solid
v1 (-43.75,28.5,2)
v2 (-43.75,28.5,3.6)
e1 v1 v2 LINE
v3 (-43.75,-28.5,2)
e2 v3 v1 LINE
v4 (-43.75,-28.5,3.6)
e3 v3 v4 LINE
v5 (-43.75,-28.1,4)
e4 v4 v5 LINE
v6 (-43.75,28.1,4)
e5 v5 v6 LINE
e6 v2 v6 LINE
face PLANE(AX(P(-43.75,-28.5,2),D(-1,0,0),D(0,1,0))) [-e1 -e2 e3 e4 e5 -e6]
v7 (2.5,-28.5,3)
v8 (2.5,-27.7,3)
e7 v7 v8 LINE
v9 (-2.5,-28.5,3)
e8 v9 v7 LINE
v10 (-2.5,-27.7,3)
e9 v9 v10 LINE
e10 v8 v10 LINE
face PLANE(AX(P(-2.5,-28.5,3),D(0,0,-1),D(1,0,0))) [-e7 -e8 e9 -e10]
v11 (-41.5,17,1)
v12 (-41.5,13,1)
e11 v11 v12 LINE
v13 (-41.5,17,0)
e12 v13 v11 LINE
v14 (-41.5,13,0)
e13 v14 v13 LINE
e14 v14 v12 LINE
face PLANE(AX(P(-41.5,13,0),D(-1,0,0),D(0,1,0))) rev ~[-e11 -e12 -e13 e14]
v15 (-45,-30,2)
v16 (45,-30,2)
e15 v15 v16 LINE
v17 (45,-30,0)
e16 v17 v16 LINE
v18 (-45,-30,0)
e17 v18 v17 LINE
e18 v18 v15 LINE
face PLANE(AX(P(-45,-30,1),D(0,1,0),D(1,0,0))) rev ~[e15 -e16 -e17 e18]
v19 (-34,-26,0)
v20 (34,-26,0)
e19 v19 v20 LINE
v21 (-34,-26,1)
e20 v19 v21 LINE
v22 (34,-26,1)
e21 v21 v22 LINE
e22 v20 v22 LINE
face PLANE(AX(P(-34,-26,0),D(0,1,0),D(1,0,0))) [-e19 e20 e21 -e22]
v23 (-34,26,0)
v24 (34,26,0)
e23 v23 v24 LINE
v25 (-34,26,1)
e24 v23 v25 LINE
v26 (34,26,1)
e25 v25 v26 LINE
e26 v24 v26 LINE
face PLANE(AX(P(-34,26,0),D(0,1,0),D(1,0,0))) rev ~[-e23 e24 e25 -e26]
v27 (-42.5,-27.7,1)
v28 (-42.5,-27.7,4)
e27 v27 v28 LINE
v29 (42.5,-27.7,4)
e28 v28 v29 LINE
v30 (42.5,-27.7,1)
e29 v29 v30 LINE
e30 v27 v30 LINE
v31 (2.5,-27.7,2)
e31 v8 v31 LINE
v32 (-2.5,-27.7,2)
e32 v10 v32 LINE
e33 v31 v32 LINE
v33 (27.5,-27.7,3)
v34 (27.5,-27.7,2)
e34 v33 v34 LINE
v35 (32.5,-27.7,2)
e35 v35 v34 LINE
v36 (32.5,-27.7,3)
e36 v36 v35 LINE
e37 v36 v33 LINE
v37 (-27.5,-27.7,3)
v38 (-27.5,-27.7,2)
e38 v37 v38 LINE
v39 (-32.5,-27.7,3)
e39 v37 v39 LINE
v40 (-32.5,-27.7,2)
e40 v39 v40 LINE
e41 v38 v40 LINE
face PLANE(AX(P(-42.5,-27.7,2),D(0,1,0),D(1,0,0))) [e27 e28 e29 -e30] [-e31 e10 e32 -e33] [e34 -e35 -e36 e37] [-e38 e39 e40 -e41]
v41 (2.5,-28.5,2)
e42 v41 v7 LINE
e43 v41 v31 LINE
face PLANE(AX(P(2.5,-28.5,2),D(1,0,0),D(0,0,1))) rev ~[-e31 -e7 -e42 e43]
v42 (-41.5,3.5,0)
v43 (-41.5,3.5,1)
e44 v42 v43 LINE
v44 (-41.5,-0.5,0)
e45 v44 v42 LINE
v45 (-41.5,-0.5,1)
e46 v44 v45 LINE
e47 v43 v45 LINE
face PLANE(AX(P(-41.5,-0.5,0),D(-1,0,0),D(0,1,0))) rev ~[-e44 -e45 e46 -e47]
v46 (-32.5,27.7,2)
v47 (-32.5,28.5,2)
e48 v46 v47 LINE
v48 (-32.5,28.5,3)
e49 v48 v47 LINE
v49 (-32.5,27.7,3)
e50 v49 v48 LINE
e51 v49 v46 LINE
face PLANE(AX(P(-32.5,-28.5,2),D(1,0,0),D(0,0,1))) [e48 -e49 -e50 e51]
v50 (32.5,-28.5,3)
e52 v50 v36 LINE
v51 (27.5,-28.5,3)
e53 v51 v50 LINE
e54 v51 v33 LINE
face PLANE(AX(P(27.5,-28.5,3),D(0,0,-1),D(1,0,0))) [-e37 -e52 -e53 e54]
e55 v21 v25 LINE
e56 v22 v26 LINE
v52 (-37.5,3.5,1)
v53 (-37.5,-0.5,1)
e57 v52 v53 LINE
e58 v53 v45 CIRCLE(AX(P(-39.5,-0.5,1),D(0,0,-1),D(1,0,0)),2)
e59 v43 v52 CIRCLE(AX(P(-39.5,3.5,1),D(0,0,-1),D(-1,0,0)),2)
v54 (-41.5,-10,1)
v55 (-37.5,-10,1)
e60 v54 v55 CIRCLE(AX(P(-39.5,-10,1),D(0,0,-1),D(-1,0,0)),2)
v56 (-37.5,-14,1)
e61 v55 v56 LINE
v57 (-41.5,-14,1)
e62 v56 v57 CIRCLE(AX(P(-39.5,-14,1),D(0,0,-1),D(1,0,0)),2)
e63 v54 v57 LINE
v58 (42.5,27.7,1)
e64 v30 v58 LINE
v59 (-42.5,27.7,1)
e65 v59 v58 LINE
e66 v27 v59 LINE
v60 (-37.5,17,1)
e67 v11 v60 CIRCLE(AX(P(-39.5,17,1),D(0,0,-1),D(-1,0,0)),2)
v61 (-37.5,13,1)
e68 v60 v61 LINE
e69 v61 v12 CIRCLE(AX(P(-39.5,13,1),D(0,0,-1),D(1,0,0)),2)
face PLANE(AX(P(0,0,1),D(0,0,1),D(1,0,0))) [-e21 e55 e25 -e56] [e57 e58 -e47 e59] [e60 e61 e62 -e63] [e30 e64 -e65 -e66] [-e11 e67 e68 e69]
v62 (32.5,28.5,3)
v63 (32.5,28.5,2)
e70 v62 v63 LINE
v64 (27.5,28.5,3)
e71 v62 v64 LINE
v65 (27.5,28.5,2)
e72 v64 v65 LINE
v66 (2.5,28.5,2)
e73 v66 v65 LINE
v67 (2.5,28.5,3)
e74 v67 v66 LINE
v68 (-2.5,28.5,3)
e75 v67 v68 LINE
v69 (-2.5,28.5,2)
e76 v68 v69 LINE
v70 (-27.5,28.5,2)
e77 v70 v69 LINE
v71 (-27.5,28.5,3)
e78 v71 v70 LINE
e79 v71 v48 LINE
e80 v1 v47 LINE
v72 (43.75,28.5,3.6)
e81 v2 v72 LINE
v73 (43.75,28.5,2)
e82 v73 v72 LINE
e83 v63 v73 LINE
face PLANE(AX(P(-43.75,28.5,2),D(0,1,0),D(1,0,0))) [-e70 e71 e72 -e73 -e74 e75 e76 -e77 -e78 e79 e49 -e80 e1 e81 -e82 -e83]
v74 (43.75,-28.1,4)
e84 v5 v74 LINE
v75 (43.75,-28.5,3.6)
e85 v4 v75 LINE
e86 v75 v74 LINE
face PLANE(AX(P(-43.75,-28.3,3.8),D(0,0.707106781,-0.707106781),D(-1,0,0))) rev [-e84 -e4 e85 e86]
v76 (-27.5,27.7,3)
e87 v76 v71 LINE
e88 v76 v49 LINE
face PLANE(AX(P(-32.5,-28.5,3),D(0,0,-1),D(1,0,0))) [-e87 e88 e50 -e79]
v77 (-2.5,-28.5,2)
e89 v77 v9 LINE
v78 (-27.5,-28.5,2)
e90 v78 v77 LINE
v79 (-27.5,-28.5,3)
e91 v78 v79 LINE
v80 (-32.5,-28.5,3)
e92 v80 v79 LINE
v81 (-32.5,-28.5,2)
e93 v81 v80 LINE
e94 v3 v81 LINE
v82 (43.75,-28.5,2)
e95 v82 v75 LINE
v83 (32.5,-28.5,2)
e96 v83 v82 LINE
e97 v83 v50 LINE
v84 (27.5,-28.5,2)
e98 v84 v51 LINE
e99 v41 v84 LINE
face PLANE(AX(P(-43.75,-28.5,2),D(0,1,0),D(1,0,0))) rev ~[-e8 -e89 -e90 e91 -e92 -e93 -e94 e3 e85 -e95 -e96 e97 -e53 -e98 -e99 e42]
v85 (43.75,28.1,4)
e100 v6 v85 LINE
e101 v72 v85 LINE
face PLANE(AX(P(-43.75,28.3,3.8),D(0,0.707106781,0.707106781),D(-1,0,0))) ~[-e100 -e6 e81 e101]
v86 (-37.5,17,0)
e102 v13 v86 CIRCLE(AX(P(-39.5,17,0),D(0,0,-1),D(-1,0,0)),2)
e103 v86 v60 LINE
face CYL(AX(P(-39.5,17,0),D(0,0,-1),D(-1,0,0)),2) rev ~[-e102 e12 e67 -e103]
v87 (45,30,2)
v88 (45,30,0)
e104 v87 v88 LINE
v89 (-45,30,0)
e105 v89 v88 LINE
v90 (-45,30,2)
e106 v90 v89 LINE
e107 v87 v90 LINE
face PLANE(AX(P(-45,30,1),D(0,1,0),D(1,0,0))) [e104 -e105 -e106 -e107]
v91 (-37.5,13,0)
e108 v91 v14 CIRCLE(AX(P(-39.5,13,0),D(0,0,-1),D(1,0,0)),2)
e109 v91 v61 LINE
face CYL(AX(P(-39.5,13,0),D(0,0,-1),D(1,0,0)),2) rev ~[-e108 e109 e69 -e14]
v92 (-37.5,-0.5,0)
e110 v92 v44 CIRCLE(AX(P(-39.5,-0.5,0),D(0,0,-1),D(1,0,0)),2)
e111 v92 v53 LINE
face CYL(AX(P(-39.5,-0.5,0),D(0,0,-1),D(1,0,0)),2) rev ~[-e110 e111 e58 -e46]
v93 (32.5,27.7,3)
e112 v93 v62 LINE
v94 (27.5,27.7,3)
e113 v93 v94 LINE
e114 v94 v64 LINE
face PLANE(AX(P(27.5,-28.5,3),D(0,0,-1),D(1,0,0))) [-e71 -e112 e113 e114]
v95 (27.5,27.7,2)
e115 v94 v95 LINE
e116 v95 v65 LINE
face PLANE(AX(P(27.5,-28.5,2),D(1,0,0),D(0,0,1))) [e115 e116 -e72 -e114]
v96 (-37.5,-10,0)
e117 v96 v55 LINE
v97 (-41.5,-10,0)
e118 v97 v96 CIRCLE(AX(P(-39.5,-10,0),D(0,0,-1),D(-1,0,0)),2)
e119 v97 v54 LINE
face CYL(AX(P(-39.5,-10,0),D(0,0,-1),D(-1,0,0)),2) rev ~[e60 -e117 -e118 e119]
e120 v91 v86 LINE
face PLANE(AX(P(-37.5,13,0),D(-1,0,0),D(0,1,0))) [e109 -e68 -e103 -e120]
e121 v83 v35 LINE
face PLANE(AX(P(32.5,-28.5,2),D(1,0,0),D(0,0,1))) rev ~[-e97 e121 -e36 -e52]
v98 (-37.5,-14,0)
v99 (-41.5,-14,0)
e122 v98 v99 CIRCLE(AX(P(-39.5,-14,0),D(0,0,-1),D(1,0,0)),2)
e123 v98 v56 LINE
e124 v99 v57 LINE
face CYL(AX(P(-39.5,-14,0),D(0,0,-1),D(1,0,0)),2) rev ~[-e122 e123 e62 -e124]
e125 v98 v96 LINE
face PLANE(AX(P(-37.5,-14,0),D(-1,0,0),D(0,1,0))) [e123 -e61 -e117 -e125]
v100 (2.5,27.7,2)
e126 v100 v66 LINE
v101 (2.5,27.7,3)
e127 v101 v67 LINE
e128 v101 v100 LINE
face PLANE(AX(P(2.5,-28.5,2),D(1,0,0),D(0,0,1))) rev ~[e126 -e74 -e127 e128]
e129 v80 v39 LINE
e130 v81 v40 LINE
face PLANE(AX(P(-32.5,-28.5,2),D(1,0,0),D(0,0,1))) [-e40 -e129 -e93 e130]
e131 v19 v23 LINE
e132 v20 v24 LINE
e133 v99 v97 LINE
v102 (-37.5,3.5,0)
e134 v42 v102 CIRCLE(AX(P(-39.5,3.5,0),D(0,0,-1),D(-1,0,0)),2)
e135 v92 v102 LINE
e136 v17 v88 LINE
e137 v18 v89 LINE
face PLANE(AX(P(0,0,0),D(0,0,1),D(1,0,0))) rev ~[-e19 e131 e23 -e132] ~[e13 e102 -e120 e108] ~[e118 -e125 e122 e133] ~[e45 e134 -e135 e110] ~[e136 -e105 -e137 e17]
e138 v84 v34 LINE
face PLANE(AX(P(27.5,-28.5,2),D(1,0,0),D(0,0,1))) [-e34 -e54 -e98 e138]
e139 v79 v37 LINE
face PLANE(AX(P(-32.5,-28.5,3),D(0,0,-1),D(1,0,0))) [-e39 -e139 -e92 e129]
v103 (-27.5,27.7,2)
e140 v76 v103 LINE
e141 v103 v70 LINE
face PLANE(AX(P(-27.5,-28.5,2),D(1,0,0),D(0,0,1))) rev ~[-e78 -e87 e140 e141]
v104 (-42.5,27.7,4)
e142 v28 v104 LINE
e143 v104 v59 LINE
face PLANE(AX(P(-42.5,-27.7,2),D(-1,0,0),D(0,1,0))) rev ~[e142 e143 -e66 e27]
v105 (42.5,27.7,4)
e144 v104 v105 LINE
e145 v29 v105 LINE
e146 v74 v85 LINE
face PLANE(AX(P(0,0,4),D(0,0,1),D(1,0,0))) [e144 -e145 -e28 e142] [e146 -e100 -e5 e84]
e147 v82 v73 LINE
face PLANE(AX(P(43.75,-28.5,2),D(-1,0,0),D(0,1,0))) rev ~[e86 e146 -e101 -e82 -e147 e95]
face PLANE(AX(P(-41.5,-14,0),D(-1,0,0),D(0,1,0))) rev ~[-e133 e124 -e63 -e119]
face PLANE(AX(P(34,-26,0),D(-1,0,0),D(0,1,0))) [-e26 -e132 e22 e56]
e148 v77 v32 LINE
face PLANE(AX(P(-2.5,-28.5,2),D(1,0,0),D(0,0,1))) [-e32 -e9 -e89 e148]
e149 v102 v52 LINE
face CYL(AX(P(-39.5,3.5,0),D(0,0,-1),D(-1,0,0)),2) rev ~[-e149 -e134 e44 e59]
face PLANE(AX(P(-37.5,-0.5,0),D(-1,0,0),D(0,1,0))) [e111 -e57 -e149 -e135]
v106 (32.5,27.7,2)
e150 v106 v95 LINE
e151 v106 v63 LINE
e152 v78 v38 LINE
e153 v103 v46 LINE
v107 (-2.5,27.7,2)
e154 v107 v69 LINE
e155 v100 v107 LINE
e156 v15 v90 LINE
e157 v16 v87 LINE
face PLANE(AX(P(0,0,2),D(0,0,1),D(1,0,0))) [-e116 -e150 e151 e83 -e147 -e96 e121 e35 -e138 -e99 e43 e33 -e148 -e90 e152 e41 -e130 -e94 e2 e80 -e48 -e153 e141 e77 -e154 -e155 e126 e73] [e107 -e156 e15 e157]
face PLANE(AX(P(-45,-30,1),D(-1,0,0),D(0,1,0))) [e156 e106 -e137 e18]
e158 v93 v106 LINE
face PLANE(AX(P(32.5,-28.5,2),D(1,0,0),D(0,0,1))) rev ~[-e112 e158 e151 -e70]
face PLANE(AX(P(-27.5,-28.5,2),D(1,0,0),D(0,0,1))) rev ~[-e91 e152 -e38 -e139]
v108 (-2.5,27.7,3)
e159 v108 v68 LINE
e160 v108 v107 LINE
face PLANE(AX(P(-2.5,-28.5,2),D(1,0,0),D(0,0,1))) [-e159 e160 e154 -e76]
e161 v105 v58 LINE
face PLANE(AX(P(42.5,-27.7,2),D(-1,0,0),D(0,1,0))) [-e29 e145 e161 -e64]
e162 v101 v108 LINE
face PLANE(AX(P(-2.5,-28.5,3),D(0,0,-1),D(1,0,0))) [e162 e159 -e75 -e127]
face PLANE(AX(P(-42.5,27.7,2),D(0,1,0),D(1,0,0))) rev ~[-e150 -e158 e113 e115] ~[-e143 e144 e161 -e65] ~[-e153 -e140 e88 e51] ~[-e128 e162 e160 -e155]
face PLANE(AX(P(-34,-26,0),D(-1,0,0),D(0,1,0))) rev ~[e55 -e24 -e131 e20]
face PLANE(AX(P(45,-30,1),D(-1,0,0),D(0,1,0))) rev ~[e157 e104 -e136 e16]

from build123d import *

# Parameters (mm, degrees)
SKETCH_W        = 90
SKETCH_H        = 60
SKETCH_W_2      = 68
SKETCH_H_2      = 52
PAD_DEPTH       = 1
SKETCH001_W     = 90
SKETCH001_H     = 60
SKETCH001_W_2   = 85
SKETCH001_H_2   = 55.4
PAD001_DEPTH    = 1
SKETCH002_W     = 87.5
SKETCH002_H     = 57
SKETCH002_W_2   = 85
SKETCH002_H_2   = 55.4
PAD002_DEPTH    = 2
SKETCH003_W     = 5
SKETCH003_H     = 1
POCKET_DEPTH    = 58.501
POCKET001_DEPTH = 4.001
CHAMFER_SIZE    = 0.4


with BuildPart() as part:
    # Sketch → Pad (new body)
    with BuildSketch(Plane.XY):
        Rectangle(SKETCH_W, SKETCH_H)
        Rectangle(SKETCH_W_2, SKETCH_H_2, mode=Mode.SUBTRACT)
    extrude(amount=PAD_DEPTH)

    # Sketch001 → Pad001 (new body)
    with BuildSketch(Plane.XY.offset(1)):
        Rectangle(SKETCH001_W, SKETCH001_H)
        Rectangle(SKETCH001_W_2, SKETCH001_H_2, mode=Mode.SUBTRACT)
    extrude(amount=PAD001_DEPTH)

    # Sketch002 → Pad002 (new body)
    with BuildSketch(Plane.XY.offset(2)):
        Rectangle(SKETCH002_W, SKETCH002_H)
        Rectangle(SKETCH002_W_2, SKETCH002_H_2, mode=Mode.SUBTRACT)
    extrude(amount=PAD002_DEPTH)

    # Sketch003 → Pocket (cut, through all)
    with BuildSketch(Plane.XZ.offset(28.5)):
        with Locations((-30, 2.5)):
            Rectangle(SKETCH003_W, SKETCH003_H)
        with Locations((0, 2.5)):
            Rectangle(SKETCH003_W, SKETCH003_H)
        with Locations((30, 2.5)):
            Rectangle(SKETCH003_W, SKETCH003_H)
    extrude(amount=-POCKET_DEPTH, mode=Mode.SUBTRACT)

    # Sketch004 → Pocket001 (cut, through all)
    with BuildSketch(Plane(origin=(0, 0, 0), x_dir=(1, 0, 0), z_dir=(0, 0, -1))):
        with BuildLine():
            ThreePointArc((-37.5, 14), (-39.5, 16), (-41.5, 14))
            Line((-41.5, 14), (-41.5, 10))
            ThreePointArc((-41.5, 10), (-39.5, 8), (-37.5, 10))
            Line((-37.5, 14), (-37.5, 10))
        make_face()
        with BuildLine():
            ThreePointArc((-37.5, 0.5), (-39.5, 2.5), (-41.5, 0.5))
            Line((-41.5, 0.5), (-41.5, -3.5))
            ThreePointArc((-41.5, -3.5), (-39.5, -5.5), (-37.5, -3.5))
            Line((-37.5, 0.5), (-37.5, -3.5))
        make_face()
        with BuildLine():
            ThreePointArc((-37.5, -13), (-39.5, -11), (-41.5, -13))
            Line((-41.5, -13), (-41.5, -17))
            ThreePointArc((-41.5, -17), (-39.5, -19), (-37.5, -17))
            Line((-37.5, -13), (-37.5, -17))
        make_face()
    extrude(amount=-POCKET001_DEPTH, mode=Mode.SUBTRACT)

    # Chamfer
    chamfer_edges = [part.edges().sort_by_distance(p)[0] for p in [
        (0, 28.5, 4),
        (0, -28.5, 4),
    ]]
    chamfer(chamfer_edges, length=CHAMFER_SIZE)


solid = part.part
